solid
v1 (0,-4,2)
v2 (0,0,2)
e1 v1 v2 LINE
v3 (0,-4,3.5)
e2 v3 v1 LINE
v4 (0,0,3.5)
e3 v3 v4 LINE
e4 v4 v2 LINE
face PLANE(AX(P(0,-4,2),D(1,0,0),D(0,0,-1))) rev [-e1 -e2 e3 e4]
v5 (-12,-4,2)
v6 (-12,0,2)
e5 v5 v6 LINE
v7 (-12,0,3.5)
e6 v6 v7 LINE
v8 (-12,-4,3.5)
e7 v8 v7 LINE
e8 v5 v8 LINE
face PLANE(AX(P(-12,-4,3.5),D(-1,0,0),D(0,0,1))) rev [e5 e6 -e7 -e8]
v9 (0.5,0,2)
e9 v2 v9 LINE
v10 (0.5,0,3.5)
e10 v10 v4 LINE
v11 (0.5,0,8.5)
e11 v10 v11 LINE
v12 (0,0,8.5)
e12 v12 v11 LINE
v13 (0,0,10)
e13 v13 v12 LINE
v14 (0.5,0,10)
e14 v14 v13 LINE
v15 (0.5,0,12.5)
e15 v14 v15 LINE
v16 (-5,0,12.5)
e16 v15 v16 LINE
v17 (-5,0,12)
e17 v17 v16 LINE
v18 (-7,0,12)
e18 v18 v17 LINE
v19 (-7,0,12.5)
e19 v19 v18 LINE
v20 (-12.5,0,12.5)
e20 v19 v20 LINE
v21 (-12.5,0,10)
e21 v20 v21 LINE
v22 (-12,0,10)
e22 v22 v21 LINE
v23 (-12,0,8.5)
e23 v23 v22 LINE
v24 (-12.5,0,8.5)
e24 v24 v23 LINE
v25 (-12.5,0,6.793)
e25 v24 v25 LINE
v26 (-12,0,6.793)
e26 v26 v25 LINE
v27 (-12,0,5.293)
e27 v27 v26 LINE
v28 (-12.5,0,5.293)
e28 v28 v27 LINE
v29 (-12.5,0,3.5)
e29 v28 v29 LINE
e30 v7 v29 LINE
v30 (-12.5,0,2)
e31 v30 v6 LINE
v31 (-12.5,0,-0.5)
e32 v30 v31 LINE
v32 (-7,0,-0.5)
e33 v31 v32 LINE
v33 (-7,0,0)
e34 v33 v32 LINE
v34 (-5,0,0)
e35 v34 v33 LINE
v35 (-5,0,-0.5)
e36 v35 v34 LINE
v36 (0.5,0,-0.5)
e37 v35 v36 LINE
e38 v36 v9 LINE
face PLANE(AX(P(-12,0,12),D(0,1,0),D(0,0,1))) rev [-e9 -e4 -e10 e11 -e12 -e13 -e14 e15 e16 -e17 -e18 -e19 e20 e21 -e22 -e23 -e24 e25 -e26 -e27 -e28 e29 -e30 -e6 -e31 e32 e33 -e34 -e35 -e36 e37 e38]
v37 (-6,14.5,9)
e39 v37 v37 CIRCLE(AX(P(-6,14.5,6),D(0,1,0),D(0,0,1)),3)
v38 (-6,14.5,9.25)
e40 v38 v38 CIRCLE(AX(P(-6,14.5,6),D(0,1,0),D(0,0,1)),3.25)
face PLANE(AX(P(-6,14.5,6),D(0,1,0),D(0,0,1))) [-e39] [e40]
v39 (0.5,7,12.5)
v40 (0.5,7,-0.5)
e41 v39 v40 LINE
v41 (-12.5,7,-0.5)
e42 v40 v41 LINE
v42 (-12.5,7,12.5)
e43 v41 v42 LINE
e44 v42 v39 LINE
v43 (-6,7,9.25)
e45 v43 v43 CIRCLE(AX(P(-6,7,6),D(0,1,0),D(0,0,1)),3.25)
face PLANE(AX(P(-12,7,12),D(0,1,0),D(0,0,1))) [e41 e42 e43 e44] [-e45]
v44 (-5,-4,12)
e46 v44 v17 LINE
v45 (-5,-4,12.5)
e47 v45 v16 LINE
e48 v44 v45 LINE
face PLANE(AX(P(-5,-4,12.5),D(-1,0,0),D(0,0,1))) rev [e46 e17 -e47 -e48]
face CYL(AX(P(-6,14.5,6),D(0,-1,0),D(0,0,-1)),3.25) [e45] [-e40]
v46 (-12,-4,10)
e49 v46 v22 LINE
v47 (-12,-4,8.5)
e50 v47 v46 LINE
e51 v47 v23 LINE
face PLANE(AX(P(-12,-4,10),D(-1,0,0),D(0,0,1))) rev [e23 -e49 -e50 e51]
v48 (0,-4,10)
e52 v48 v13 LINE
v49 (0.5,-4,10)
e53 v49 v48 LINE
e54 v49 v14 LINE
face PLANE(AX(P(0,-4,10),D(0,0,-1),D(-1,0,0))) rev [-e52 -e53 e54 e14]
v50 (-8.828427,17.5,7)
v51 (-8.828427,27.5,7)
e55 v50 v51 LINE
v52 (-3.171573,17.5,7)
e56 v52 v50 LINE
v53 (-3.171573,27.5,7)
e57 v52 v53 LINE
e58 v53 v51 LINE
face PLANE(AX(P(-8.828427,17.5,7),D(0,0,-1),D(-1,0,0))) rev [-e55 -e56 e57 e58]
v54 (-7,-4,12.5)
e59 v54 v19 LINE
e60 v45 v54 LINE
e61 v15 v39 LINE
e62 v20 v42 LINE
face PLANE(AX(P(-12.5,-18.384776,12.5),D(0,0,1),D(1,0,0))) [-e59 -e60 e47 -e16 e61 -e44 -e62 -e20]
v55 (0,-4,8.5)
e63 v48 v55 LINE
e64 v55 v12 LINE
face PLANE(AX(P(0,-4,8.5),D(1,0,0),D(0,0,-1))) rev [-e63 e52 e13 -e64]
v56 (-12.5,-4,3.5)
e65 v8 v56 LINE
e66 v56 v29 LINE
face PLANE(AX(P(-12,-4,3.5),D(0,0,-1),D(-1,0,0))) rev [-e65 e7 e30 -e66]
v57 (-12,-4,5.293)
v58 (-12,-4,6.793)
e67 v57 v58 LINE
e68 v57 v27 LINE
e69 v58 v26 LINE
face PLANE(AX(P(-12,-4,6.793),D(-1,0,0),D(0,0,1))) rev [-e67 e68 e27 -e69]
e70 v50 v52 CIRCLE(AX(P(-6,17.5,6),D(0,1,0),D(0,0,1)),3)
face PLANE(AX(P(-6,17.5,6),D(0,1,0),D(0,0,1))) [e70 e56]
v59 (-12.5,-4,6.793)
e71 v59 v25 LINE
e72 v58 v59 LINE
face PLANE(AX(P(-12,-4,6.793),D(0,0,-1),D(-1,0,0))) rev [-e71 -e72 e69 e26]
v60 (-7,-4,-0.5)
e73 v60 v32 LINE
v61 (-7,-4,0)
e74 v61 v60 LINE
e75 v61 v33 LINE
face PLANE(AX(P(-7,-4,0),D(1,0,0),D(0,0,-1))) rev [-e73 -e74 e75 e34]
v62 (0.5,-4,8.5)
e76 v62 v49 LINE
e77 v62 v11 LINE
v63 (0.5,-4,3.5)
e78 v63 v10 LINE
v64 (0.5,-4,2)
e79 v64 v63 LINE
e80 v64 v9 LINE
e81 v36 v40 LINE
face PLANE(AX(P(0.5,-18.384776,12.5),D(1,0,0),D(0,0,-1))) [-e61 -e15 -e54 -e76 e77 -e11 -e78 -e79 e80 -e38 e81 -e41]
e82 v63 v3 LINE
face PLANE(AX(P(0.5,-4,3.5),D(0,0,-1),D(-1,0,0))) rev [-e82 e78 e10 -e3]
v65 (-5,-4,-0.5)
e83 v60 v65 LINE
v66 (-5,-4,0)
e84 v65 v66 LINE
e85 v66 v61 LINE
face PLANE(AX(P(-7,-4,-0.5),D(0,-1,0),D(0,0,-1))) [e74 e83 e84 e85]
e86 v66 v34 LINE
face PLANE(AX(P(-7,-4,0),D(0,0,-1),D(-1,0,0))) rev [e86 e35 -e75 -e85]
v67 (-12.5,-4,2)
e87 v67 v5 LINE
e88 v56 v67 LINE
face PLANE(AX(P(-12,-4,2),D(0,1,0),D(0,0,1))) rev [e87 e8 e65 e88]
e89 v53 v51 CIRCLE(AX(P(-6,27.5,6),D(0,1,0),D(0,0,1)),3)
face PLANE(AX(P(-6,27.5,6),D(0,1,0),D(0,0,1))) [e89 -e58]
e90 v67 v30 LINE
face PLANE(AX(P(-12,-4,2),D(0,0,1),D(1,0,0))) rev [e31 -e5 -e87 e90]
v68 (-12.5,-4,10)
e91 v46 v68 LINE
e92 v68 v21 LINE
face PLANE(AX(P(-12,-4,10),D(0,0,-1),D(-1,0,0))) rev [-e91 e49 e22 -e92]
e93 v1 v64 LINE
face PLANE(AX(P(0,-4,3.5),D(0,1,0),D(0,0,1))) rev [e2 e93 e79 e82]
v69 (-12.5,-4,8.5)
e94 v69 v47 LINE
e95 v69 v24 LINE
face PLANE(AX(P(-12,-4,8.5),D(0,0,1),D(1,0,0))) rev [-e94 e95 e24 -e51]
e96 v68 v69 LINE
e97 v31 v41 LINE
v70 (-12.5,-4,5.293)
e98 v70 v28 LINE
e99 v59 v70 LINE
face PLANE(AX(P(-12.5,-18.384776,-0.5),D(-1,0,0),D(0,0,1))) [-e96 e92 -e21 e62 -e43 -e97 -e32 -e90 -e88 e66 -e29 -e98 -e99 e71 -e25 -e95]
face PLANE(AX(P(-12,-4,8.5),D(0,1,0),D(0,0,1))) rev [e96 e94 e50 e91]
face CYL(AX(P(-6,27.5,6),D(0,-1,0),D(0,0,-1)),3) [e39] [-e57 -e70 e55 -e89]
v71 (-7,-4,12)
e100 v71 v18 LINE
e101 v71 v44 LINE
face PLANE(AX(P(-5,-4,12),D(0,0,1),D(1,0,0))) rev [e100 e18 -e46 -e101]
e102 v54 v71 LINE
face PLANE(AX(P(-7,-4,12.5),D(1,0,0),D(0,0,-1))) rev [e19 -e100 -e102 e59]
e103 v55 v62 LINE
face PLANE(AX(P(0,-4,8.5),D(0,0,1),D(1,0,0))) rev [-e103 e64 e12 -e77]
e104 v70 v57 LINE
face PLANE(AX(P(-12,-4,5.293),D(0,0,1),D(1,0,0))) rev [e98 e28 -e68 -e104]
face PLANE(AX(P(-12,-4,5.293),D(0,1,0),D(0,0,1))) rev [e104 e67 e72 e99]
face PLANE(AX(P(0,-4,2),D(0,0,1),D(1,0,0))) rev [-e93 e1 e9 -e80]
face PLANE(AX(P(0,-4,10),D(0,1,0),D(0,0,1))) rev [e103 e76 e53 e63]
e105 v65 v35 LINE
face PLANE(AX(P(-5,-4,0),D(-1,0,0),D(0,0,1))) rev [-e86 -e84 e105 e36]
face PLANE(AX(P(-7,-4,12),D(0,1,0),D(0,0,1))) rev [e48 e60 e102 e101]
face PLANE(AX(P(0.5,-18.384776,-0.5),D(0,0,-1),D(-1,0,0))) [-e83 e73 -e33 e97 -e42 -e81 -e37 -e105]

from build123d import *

# Parameters (mm, degrees)
SKETCH1_W             = 12
SKETCH1_H             = 12
BOSS_EXTRUDE1_DEPTH   = 7
SKETCH2_W             = 0.5
SKETCH2_H             = 1.5
BOSS_EXTRUDE2_DEPTH   = 4
SKETCH2_W_2           = 2
SKETCH2_H_2           = 0.5
BOSS_EXTRUDE2_2_DEPTH = 4
BOSS_EXTRUDE2_3_DEPTH = 4
BOSS_EXTRUDE2_4_DEPTH = 4
BOSS_EXTRUDE2_5_DEPTH = 4
BOSS_EXTRUDE2_6_DEPTH = 4
BOSS_EXTRUDE2_7_DEPTH = 4
SKETCH3_W             = 13
SKETCH3_H             = 13
SKETCH3_W_2           = 12
SKETCH3_H_2           = 12
BOSS_EXTRUDE3_DEPTH   = 7
SKETCH4_R             = 3.25
BOSS_EXTRUDE4_DEPTH   = 7.5
SKETCH5_R             = 3
BOSS_EXTRUDE5_DEPTH   = 13
CUT_EXTRUDE1_START    = -10
CUT_EXTRUDE1_DEPTH    = 10


with BuildPart() as part:
    # Sketch1 → Boss-Extrude1 (new body)
    with BuildSketch(Plane(origin=(0, 0, 0), x_dir=(1, 0, 0), z_dir=(0, 1, 0))):
        with Locations((-6, -6)):
            Rectangle(SKETCH1_W, SKETCH1_H)
    extrude(amount=BOSS_EXTRUDE1_DEPTH)



with BuildPart() as body_2:
    # Sketch2 → Boss-Extrude2 (new body)
    with BuildSketch(Plane.XZ):
        with Locations((-12.25, 9.25)):
            Rectangle(SKETCH2_W, SKETCH2_H)
    extrude(amount=BOSS_EXTRUDE2_DEPTH)


with BuildPart() as body_3:
    # Sketch2 → Boss-Extrude2 2 (new body)
    with BuildSketch(Plane.XZ):
        with Locations((-6, -0.25)):
            Rectangle(SKETCH2_W_2, SKETCH2_H_2)
    extrude(amount=BOSS_EXTRUDE2_2_DEPTH)


with BuildPart() as body_4:
    # Sketch2 → Boss-Extrude2 3 (new body)
    with BuildSketch(Plane.XZ):
        with Locations((0.25, 2.75)):
            Rectangle(SKETCH2_W, SKETCH2_H)
    extrude(amount=BOSS_EXTRUDE2_3_DEPTH)


with BuildPart() as body_5:
    # Sketch2 → Boss-Extrude2 4 (new body)
    with BuildSketch(Plane.XZ):
        with Locations((-6, 12.25)):
            Rectangle(SKETCH2_W_2, SKETCH2_H_2)
    extrude(amount=BOSS_EXTRUDE2_4_DEPTH)


with BuildPart() as body_6:
    # Sketch2 → Boss-Extrude2 5 (new body)
    with BuildSketch(Plane.XZ):
        with Locations((-12.25, 6.043)):
            Rectangle(SKETCH2_W, SKETCH2_H)
    extrude(amount=BOSS_EXTRUDE2_5_DEPTH)


with BuildPart() as body_7:
    # Sketch2 → Boss-Extrude2 6 (new body)
    with BuildSketch(Plane.XZ):
        with Locations((-12.25, 2.75)):
            Rectangle(SKETCH2_W, SKETCH2_H)
    extrude(amount=BOSS_EXTRUDE2_6_DEPTH)


with BuildPart() as body_8:
    # Sketch2 → Boss-Extrude2 7 (new body)
    with BuildSketch(Plane.XZ):
        with Locations((0.25, 9.25)):
            Rectangle(SKETCH2_W, SKETCH2_H)
    extrude(amount=BOSS_EXTRUDE2_7_DEPTH)


with BuildPart() as part_1:
    add(part.part)

    add(body_2.part)  # Boss-Extrude3 merges body 2

    add(body_3.part)  # Boss-Extrude3 merges body 3

    add(body_4.part)  # Boss-Extrude3 merges body 4

    add(body_5.part)  # Boss-Extrude3 merges body 5

    add(body_6.part)  # Boss-Extrude3 merges body 6

    add(body_7.part)  # Boss-Extrude3 merges body 7

    add(body_8.part)  # Boss-Extrude3 merges body 8
    # Sketch3 → Boss-Extrude3 (add)
    with BuildSketch(Plane(origin=(0, 7, 0), x_dir=(1, 0, 0), z_dir=(0, 1, 0))):
        with Locations((-6, -6)):
            Rectangle(SKETCH3_W, SKETCH3_H)
        with Locations((-6, -6)):
            Rectangle(SKETCH3_W_2, SKETCH3_H_2, mode=Mode.SUBTRACT)
    extrude(amount=-BOSS_EXTRUDE3_DEPTH)

    # Sketch4 → Boss-Extrude4 (add)
    with BuildSketch(Plane(origin=(0, 7, 0), x_dir=(1, 0, 0), z_dir=(0, 1, 0))):
        with Locations(Location((-6, -6, 0), (0, 0, 270))):
            Circle(SKETCH4_R)
    extrude(amount=BOSS_EXTRUDE4_DEPTH)

    # Sketch5 → Boss-Extrude5 (add)
    with BuildSketch(Plane(origin=(0, 14.5, 0), x_dir=(1, 0, 0), z_dir=(0, 1, 0))):
        with Locations(Location((-6, -6, 0), (0, 0, 90))):
            Circle(SKETCH5_R)
    extrude(amount=BOSS_EXTRUDE5_DEPTH)

    # Sketch6 → Cut-Extrude1 (cut)
    with BuildSketch(Plane(origin=(0, 27.5, 0), x_dir=(1, 0, 0), z_dir=(0, 1, 0)).offset(CUT_EXTRUDE1_START)):
        with BuildLine():
            Line((-8.828427125, -7), (-3.171572875, -7))
            ThreePointArc((-3.171572875, -7), (-6, -9), (-8.828427125, -7))
        make_face()
    extrude(amount=CUT_EXTRUDE1_DEPTH, mode=Mode.SUBTRACT)


solid = part_1.part
